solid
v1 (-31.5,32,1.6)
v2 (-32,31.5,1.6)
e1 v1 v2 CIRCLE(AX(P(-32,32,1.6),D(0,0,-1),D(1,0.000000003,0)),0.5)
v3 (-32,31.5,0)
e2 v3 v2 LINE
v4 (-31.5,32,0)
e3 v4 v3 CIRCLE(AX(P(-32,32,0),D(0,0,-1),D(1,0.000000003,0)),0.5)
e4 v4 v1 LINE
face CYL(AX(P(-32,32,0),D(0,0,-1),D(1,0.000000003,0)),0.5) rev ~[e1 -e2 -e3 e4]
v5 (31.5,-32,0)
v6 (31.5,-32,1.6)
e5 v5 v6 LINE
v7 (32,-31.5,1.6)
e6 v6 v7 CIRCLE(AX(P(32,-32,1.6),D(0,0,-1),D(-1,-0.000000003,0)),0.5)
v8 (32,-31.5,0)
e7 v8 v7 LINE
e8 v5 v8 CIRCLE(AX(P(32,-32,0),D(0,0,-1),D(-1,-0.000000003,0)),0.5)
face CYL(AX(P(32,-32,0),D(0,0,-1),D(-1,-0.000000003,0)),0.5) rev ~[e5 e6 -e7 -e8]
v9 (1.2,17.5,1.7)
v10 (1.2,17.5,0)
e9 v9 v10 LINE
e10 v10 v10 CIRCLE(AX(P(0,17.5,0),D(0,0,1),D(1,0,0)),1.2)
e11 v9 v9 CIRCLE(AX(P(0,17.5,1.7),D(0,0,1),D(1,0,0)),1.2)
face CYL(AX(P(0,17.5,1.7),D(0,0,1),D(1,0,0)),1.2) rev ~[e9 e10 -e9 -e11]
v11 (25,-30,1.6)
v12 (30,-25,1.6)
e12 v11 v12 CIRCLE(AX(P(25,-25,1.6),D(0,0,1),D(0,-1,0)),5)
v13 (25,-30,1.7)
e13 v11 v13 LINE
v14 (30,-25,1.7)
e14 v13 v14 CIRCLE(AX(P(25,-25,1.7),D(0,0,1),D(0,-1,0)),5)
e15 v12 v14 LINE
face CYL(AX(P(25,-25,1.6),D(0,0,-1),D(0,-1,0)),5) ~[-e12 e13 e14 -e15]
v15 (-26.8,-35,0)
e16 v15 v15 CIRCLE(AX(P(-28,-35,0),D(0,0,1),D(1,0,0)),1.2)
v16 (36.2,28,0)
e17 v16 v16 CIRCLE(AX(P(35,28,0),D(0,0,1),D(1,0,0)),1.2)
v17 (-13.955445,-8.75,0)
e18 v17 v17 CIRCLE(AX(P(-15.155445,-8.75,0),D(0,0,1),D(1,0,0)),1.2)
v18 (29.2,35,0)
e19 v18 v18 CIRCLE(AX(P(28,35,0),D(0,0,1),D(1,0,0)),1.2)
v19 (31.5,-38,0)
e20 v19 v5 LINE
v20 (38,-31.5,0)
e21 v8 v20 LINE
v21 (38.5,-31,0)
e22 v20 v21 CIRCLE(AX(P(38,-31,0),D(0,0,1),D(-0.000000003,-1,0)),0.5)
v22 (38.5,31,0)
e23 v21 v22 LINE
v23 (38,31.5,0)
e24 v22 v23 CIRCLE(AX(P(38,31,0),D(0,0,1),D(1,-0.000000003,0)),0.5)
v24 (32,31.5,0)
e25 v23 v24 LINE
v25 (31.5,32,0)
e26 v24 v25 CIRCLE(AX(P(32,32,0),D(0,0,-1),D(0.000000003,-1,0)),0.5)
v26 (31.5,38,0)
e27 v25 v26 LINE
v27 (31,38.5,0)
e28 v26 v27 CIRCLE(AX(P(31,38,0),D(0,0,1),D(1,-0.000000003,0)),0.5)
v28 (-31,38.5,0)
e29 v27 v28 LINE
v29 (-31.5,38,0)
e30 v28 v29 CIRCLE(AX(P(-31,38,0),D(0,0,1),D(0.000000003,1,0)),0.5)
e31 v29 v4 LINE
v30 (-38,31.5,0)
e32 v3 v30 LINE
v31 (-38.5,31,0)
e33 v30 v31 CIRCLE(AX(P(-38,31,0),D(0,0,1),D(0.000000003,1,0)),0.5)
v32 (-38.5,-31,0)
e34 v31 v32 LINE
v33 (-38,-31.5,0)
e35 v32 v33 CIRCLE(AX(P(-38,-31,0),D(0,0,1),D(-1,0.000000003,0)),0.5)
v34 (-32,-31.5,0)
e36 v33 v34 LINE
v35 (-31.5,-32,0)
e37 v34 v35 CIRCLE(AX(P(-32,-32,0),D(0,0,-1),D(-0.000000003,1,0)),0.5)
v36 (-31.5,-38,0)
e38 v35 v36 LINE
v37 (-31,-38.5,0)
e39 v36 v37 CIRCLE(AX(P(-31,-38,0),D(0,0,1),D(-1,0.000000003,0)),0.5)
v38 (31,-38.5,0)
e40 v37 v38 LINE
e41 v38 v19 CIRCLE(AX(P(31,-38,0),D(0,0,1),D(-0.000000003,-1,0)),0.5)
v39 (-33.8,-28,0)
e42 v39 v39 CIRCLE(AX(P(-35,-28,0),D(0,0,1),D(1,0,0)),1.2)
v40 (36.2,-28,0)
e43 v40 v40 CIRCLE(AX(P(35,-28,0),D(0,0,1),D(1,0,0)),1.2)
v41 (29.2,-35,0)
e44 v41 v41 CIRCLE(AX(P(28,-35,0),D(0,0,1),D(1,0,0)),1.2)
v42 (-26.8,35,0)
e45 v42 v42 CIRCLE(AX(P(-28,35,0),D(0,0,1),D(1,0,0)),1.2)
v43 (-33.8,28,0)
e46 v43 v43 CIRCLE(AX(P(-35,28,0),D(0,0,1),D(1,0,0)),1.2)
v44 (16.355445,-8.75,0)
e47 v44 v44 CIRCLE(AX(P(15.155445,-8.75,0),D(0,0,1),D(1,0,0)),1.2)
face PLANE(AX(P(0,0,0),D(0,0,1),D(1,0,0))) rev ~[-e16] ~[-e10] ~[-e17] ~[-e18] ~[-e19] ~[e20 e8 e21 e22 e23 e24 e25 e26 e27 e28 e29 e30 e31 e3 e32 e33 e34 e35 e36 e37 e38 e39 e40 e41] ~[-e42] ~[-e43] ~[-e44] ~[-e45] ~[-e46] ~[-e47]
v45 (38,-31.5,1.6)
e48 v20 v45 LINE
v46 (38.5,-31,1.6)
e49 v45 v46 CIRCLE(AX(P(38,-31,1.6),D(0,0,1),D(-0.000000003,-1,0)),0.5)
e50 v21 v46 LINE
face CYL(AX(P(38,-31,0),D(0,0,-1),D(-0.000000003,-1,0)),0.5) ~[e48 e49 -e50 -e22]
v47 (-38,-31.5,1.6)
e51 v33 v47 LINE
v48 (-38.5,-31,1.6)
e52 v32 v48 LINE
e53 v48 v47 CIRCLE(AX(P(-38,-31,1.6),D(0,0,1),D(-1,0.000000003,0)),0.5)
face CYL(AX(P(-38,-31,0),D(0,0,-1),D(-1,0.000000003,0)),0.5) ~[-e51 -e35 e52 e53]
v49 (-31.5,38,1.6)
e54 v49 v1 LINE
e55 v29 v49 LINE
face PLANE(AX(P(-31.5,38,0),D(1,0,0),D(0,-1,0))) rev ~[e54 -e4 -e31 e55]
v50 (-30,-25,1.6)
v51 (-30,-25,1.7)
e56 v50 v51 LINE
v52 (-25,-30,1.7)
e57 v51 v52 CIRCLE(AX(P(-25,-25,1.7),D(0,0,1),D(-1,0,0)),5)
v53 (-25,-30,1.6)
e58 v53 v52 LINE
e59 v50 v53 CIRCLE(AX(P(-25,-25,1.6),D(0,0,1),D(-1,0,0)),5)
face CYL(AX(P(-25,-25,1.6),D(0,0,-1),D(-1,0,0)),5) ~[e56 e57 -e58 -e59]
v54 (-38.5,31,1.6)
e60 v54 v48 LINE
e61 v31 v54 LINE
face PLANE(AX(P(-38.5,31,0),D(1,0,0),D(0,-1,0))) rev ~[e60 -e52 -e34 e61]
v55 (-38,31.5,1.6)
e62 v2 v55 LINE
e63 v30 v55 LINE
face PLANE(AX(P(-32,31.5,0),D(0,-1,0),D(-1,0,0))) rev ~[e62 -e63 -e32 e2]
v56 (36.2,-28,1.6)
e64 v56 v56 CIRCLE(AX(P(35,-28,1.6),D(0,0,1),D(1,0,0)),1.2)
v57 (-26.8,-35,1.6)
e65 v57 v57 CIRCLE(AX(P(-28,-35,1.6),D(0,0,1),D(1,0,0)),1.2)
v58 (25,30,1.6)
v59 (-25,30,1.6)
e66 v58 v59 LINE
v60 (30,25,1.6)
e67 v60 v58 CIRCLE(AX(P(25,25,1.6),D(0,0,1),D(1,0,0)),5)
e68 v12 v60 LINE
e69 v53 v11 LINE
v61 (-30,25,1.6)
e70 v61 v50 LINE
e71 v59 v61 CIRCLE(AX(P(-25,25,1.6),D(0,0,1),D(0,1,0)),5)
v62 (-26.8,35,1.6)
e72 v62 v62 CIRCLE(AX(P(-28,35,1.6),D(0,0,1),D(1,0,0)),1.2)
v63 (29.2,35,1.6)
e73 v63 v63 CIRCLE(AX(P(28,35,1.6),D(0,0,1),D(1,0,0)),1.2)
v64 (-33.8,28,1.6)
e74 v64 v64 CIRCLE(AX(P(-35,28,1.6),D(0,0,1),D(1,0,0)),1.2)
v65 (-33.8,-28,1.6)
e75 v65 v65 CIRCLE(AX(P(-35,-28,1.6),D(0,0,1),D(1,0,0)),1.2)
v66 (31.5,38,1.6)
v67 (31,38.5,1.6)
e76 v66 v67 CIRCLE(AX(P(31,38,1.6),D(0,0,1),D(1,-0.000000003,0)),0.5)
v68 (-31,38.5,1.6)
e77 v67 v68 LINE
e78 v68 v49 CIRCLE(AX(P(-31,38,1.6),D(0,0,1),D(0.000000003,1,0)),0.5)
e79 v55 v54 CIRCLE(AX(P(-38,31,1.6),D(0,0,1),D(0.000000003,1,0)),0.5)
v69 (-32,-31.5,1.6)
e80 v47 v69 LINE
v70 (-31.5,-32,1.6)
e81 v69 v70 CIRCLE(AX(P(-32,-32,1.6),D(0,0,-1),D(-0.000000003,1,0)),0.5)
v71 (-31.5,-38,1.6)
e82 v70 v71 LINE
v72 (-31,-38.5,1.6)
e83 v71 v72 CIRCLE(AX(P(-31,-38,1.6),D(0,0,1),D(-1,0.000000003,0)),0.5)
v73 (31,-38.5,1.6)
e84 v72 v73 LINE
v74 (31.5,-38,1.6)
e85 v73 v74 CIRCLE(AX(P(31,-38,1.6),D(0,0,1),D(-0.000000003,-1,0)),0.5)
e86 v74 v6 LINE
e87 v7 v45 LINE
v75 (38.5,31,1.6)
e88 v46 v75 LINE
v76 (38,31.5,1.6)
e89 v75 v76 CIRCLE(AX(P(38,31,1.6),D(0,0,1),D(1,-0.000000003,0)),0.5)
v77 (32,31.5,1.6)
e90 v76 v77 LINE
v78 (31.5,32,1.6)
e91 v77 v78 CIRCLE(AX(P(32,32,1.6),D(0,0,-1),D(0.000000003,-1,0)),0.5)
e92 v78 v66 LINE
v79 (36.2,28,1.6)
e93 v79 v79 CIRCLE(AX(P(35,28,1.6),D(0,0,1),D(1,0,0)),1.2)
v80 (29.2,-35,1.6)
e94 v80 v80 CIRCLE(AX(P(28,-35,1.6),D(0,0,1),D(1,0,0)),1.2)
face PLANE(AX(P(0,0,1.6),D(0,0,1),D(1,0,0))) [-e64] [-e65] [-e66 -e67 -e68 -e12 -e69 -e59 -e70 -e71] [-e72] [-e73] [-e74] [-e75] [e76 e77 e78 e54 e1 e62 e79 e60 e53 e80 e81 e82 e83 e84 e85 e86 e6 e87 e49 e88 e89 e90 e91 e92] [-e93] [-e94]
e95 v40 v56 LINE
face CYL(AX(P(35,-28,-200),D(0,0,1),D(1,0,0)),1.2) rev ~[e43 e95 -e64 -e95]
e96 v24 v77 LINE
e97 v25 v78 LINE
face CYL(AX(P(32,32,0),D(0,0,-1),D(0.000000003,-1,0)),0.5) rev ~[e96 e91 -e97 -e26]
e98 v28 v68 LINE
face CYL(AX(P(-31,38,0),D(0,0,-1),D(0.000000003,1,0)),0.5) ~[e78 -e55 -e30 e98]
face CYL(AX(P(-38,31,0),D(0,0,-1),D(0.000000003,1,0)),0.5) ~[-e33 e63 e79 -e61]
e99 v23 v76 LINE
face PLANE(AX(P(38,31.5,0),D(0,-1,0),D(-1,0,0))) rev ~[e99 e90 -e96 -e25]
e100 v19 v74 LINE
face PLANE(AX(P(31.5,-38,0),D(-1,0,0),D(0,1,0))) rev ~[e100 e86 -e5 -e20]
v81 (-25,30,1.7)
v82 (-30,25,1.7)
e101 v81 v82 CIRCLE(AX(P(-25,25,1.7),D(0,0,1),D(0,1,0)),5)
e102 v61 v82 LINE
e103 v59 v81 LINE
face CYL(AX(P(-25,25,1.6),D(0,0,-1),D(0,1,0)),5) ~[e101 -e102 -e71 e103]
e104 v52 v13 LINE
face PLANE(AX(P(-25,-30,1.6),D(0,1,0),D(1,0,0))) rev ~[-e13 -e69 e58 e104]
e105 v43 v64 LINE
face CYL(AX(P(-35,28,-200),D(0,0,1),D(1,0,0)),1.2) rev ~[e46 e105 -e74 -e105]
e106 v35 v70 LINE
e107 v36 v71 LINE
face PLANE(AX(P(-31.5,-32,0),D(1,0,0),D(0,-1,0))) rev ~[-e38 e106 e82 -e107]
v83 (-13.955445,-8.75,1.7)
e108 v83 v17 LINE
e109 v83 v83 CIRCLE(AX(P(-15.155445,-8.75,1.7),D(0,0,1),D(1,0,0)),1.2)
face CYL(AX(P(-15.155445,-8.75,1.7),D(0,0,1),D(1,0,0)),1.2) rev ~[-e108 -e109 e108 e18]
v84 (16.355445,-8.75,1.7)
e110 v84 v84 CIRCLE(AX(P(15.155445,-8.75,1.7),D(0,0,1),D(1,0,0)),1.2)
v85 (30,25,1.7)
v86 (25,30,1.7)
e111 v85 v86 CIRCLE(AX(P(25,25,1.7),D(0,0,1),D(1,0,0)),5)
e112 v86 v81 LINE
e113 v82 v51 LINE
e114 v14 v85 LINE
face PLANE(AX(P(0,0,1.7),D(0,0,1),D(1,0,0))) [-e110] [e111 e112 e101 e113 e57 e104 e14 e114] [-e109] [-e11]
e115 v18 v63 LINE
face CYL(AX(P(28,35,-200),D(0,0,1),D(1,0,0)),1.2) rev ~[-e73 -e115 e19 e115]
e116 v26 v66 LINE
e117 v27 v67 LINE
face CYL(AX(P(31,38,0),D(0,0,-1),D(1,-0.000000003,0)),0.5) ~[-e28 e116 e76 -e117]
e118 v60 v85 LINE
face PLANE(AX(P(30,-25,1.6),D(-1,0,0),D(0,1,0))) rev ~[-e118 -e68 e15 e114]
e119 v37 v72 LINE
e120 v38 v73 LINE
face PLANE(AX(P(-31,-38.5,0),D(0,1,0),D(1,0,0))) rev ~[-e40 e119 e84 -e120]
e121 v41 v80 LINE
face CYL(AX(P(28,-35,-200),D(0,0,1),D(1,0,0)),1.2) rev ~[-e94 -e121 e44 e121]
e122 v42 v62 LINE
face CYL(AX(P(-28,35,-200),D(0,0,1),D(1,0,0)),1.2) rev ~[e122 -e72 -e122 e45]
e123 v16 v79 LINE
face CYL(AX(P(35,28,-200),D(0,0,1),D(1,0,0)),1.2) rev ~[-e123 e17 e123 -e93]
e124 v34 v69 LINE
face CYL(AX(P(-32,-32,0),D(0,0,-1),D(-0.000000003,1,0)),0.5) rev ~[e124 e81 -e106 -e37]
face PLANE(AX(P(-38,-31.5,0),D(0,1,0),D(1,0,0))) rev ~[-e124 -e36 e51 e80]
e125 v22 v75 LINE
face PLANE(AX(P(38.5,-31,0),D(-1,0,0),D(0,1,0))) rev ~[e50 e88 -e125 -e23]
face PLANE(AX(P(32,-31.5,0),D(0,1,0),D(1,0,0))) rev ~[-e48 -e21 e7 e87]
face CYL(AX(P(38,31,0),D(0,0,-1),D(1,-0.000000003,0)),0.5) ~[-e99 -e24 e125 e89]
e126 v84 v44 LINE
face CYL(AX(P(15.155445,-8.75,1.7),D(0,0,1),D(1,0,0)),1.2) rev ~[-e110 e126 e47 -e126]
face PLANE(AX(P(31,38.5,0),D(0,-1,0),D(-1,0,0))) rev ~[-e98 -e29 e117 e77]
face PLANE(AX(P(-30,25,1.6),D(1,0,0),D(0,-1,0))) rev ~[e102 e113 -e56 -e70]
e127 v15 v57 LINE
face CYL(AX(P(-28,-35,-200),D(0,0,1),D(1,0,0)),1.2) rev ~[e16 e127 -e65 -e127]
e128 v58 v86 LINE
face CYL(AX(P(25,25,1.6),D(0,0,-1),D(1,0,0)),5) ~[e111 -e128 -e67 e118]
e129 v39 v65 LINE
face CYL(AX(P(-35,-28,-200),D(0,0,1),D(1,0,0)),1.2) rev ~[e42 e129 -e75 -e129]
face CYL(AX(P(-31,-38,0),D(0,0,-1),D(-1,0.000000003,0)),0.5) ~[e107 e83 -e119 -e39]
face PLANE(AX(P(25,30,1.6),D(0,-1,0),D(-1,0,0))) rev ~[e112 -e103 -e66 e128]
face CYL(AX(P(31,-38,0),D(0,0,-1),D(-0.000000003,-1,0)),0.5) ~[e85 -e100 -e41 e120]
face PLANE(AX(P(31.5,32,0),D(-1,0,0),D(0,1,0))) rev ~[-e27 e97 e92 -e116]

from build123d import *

# Parameters (mm, degrees)
BOSS_EXTRUDE1_DEPTH            = 1.6
BOSS_EXTRUDE2_DEPTH            = 0.1
M2_HOLE1_FIXINGSTRUCTURE_D     = 2.4
M2_HOLE1_FIXINGSTRUCTURE_DEPTH = 200
M2_HOLE1_FIXINGSTRUCTURE_TIP   = 0.721032743
SKETCH4_R                      = 1.2
CUT_EXTRUDE1_DEPTH             = 1.7


with BuildPart() as part:
    # Sketch1 → Boss-Extrude1 (new body)
    with BuildSketch(Plane.XY):
        with BuildLine():
            Line((-31.5, 38), (-31.5, 32))
            ThreePointArc((-31.5, 32), (-31.646446609, 31.646446609), (-32, 31.5))
            Line((-32, 31.5), (-38, 31.5))
            ThreePointArc((-38, 31.5), (-38.353553391, 31.353553391), (-38.5, 31))
            Line((-38.5, 31), (-38.5, -31))
            ThreePointArc((-38.5, -31), (-38.353553391, -31.353553391), (-38, -31.5))
            Line((-38, -31.5), (-32, -31.5))
            ThreePointArc((-32, -31.5), (-31.646446609, -31.646446609), (-31.5, -32))
            Line((-31.5, -32), (-31.5, -38))
            ThreePointArc((-31.5, -38), (-31.353553391, -38.353553391), (-31, -38.5))
            Line((-31, -38.5), (31, -38.5))
            ThreePointArc((31, -38.5), (31.353553391, -38.353553391), (31.5, -38))
            Line((31.5, -38), (31.5, -32))
            ThreePointArc((31.5, -32), (31.646446609, -31.646446609), (32, -31.5))
            Line((32, -31.5), (38, -31.5))
            ThreePointArc((38, -31.5), (38.353553391, -31.353553391), (38.5, -31))
            Line((38.5, -31), (38.5, 31))
            ThreePointArc((38.5, 31), (38.353553391, 31.353553391), (38, 31.5))
            Line((38, 31.5), (32, 31.5))
            ThreePointArc((32, 31.5), (31.646446609, 31.646446609), (31.5, 32))
            Line((31.5, 32), (31.5, 38))
            ThreePointArc((31.5, 38), (31.353553391, 38.353553391), (31, 38.5))
            Line((31, 38.5), (-31, 38.5))
            ThreePointArc((-31, 38.5), (-31.353553391, 38.353553391), (-31.5, 38))
        make_face()
    extrude(amount=BOSS_EXTRUDE1_DEPTH)

    # Esboço1 → Boss-Extrude2 (add)
    with BuildSketch(Plane.XY.offset(1.6)):
        with BuildLine():
            Line((-25, -30), (25, -30))
            ThreePointArc((25, -30), (28.535533906, -28.535533906), (30, -25))
            Line((30, -25), (30, 25))
            ThreePointArc((30, 25), (28.535533906, 28.535533906), (25, 30))
            Line((25, 30), (-25, 30))
            ThreePointArc((-25, 30), (-28.535533906, 28.535533906), (-30, 25))
            Line((-30, 25), (-30, -25))
            ThreePointArc((-30, -25), (-28.535533906, -28.535533906), (-25, -30))
        make_face()
    extrude(amount=BOSS_EXTRUDE2_DEPTH)

    # M2 Hole1-FixingStructure
    with Locations(Plane(origin=(0, 0, 0), x_dir=(-1, 0, 0), z_dir=(0, 0, -1))):
        with Locations((-28, 35), (28, 35), (-28, -35), (28, -35), (35, 28), (35, -28), (-35, -28), (-35, 28)):
            Hole(M2_HOLE1_FIXINGSTRUCTURE_D / 2, depth=M2_HOLE1_FIXINGSTRUCTURE_DEPTH)
            with Locations((0, 0, -(M2_HOLE1_FIXINGSTRUCTURE_DEPTH + M2_HOLE1_FIXINGSTRUCTURE_TIP / 2))):  # 118° drill point
                Cone(0, M2_HOLE1_FIXINGSTRUCTURE_D / 2, M2_HOLE1_FIXINGSTRUCTURE_TIP, mode=Mode.SUBTRACT)

    # Sketch4 → Cut-Extrude1 (cut)
    with BuildSketch(Plane.XY.offset(1.7)):
        with Locations((-15.155444566, -8.75)):
            Circle(SKETCH4_R)
        with Locations((15.155444566, -8.75)):
            Circle(SKETCH4_R)
        with Locations((0, 17.5)):
            Circle(SKETCH4_R)
    extrude(amount=-CUT_EXTRUDE1_DEPTH, mode=Mode.SUBTRACT)


solid = part.part
